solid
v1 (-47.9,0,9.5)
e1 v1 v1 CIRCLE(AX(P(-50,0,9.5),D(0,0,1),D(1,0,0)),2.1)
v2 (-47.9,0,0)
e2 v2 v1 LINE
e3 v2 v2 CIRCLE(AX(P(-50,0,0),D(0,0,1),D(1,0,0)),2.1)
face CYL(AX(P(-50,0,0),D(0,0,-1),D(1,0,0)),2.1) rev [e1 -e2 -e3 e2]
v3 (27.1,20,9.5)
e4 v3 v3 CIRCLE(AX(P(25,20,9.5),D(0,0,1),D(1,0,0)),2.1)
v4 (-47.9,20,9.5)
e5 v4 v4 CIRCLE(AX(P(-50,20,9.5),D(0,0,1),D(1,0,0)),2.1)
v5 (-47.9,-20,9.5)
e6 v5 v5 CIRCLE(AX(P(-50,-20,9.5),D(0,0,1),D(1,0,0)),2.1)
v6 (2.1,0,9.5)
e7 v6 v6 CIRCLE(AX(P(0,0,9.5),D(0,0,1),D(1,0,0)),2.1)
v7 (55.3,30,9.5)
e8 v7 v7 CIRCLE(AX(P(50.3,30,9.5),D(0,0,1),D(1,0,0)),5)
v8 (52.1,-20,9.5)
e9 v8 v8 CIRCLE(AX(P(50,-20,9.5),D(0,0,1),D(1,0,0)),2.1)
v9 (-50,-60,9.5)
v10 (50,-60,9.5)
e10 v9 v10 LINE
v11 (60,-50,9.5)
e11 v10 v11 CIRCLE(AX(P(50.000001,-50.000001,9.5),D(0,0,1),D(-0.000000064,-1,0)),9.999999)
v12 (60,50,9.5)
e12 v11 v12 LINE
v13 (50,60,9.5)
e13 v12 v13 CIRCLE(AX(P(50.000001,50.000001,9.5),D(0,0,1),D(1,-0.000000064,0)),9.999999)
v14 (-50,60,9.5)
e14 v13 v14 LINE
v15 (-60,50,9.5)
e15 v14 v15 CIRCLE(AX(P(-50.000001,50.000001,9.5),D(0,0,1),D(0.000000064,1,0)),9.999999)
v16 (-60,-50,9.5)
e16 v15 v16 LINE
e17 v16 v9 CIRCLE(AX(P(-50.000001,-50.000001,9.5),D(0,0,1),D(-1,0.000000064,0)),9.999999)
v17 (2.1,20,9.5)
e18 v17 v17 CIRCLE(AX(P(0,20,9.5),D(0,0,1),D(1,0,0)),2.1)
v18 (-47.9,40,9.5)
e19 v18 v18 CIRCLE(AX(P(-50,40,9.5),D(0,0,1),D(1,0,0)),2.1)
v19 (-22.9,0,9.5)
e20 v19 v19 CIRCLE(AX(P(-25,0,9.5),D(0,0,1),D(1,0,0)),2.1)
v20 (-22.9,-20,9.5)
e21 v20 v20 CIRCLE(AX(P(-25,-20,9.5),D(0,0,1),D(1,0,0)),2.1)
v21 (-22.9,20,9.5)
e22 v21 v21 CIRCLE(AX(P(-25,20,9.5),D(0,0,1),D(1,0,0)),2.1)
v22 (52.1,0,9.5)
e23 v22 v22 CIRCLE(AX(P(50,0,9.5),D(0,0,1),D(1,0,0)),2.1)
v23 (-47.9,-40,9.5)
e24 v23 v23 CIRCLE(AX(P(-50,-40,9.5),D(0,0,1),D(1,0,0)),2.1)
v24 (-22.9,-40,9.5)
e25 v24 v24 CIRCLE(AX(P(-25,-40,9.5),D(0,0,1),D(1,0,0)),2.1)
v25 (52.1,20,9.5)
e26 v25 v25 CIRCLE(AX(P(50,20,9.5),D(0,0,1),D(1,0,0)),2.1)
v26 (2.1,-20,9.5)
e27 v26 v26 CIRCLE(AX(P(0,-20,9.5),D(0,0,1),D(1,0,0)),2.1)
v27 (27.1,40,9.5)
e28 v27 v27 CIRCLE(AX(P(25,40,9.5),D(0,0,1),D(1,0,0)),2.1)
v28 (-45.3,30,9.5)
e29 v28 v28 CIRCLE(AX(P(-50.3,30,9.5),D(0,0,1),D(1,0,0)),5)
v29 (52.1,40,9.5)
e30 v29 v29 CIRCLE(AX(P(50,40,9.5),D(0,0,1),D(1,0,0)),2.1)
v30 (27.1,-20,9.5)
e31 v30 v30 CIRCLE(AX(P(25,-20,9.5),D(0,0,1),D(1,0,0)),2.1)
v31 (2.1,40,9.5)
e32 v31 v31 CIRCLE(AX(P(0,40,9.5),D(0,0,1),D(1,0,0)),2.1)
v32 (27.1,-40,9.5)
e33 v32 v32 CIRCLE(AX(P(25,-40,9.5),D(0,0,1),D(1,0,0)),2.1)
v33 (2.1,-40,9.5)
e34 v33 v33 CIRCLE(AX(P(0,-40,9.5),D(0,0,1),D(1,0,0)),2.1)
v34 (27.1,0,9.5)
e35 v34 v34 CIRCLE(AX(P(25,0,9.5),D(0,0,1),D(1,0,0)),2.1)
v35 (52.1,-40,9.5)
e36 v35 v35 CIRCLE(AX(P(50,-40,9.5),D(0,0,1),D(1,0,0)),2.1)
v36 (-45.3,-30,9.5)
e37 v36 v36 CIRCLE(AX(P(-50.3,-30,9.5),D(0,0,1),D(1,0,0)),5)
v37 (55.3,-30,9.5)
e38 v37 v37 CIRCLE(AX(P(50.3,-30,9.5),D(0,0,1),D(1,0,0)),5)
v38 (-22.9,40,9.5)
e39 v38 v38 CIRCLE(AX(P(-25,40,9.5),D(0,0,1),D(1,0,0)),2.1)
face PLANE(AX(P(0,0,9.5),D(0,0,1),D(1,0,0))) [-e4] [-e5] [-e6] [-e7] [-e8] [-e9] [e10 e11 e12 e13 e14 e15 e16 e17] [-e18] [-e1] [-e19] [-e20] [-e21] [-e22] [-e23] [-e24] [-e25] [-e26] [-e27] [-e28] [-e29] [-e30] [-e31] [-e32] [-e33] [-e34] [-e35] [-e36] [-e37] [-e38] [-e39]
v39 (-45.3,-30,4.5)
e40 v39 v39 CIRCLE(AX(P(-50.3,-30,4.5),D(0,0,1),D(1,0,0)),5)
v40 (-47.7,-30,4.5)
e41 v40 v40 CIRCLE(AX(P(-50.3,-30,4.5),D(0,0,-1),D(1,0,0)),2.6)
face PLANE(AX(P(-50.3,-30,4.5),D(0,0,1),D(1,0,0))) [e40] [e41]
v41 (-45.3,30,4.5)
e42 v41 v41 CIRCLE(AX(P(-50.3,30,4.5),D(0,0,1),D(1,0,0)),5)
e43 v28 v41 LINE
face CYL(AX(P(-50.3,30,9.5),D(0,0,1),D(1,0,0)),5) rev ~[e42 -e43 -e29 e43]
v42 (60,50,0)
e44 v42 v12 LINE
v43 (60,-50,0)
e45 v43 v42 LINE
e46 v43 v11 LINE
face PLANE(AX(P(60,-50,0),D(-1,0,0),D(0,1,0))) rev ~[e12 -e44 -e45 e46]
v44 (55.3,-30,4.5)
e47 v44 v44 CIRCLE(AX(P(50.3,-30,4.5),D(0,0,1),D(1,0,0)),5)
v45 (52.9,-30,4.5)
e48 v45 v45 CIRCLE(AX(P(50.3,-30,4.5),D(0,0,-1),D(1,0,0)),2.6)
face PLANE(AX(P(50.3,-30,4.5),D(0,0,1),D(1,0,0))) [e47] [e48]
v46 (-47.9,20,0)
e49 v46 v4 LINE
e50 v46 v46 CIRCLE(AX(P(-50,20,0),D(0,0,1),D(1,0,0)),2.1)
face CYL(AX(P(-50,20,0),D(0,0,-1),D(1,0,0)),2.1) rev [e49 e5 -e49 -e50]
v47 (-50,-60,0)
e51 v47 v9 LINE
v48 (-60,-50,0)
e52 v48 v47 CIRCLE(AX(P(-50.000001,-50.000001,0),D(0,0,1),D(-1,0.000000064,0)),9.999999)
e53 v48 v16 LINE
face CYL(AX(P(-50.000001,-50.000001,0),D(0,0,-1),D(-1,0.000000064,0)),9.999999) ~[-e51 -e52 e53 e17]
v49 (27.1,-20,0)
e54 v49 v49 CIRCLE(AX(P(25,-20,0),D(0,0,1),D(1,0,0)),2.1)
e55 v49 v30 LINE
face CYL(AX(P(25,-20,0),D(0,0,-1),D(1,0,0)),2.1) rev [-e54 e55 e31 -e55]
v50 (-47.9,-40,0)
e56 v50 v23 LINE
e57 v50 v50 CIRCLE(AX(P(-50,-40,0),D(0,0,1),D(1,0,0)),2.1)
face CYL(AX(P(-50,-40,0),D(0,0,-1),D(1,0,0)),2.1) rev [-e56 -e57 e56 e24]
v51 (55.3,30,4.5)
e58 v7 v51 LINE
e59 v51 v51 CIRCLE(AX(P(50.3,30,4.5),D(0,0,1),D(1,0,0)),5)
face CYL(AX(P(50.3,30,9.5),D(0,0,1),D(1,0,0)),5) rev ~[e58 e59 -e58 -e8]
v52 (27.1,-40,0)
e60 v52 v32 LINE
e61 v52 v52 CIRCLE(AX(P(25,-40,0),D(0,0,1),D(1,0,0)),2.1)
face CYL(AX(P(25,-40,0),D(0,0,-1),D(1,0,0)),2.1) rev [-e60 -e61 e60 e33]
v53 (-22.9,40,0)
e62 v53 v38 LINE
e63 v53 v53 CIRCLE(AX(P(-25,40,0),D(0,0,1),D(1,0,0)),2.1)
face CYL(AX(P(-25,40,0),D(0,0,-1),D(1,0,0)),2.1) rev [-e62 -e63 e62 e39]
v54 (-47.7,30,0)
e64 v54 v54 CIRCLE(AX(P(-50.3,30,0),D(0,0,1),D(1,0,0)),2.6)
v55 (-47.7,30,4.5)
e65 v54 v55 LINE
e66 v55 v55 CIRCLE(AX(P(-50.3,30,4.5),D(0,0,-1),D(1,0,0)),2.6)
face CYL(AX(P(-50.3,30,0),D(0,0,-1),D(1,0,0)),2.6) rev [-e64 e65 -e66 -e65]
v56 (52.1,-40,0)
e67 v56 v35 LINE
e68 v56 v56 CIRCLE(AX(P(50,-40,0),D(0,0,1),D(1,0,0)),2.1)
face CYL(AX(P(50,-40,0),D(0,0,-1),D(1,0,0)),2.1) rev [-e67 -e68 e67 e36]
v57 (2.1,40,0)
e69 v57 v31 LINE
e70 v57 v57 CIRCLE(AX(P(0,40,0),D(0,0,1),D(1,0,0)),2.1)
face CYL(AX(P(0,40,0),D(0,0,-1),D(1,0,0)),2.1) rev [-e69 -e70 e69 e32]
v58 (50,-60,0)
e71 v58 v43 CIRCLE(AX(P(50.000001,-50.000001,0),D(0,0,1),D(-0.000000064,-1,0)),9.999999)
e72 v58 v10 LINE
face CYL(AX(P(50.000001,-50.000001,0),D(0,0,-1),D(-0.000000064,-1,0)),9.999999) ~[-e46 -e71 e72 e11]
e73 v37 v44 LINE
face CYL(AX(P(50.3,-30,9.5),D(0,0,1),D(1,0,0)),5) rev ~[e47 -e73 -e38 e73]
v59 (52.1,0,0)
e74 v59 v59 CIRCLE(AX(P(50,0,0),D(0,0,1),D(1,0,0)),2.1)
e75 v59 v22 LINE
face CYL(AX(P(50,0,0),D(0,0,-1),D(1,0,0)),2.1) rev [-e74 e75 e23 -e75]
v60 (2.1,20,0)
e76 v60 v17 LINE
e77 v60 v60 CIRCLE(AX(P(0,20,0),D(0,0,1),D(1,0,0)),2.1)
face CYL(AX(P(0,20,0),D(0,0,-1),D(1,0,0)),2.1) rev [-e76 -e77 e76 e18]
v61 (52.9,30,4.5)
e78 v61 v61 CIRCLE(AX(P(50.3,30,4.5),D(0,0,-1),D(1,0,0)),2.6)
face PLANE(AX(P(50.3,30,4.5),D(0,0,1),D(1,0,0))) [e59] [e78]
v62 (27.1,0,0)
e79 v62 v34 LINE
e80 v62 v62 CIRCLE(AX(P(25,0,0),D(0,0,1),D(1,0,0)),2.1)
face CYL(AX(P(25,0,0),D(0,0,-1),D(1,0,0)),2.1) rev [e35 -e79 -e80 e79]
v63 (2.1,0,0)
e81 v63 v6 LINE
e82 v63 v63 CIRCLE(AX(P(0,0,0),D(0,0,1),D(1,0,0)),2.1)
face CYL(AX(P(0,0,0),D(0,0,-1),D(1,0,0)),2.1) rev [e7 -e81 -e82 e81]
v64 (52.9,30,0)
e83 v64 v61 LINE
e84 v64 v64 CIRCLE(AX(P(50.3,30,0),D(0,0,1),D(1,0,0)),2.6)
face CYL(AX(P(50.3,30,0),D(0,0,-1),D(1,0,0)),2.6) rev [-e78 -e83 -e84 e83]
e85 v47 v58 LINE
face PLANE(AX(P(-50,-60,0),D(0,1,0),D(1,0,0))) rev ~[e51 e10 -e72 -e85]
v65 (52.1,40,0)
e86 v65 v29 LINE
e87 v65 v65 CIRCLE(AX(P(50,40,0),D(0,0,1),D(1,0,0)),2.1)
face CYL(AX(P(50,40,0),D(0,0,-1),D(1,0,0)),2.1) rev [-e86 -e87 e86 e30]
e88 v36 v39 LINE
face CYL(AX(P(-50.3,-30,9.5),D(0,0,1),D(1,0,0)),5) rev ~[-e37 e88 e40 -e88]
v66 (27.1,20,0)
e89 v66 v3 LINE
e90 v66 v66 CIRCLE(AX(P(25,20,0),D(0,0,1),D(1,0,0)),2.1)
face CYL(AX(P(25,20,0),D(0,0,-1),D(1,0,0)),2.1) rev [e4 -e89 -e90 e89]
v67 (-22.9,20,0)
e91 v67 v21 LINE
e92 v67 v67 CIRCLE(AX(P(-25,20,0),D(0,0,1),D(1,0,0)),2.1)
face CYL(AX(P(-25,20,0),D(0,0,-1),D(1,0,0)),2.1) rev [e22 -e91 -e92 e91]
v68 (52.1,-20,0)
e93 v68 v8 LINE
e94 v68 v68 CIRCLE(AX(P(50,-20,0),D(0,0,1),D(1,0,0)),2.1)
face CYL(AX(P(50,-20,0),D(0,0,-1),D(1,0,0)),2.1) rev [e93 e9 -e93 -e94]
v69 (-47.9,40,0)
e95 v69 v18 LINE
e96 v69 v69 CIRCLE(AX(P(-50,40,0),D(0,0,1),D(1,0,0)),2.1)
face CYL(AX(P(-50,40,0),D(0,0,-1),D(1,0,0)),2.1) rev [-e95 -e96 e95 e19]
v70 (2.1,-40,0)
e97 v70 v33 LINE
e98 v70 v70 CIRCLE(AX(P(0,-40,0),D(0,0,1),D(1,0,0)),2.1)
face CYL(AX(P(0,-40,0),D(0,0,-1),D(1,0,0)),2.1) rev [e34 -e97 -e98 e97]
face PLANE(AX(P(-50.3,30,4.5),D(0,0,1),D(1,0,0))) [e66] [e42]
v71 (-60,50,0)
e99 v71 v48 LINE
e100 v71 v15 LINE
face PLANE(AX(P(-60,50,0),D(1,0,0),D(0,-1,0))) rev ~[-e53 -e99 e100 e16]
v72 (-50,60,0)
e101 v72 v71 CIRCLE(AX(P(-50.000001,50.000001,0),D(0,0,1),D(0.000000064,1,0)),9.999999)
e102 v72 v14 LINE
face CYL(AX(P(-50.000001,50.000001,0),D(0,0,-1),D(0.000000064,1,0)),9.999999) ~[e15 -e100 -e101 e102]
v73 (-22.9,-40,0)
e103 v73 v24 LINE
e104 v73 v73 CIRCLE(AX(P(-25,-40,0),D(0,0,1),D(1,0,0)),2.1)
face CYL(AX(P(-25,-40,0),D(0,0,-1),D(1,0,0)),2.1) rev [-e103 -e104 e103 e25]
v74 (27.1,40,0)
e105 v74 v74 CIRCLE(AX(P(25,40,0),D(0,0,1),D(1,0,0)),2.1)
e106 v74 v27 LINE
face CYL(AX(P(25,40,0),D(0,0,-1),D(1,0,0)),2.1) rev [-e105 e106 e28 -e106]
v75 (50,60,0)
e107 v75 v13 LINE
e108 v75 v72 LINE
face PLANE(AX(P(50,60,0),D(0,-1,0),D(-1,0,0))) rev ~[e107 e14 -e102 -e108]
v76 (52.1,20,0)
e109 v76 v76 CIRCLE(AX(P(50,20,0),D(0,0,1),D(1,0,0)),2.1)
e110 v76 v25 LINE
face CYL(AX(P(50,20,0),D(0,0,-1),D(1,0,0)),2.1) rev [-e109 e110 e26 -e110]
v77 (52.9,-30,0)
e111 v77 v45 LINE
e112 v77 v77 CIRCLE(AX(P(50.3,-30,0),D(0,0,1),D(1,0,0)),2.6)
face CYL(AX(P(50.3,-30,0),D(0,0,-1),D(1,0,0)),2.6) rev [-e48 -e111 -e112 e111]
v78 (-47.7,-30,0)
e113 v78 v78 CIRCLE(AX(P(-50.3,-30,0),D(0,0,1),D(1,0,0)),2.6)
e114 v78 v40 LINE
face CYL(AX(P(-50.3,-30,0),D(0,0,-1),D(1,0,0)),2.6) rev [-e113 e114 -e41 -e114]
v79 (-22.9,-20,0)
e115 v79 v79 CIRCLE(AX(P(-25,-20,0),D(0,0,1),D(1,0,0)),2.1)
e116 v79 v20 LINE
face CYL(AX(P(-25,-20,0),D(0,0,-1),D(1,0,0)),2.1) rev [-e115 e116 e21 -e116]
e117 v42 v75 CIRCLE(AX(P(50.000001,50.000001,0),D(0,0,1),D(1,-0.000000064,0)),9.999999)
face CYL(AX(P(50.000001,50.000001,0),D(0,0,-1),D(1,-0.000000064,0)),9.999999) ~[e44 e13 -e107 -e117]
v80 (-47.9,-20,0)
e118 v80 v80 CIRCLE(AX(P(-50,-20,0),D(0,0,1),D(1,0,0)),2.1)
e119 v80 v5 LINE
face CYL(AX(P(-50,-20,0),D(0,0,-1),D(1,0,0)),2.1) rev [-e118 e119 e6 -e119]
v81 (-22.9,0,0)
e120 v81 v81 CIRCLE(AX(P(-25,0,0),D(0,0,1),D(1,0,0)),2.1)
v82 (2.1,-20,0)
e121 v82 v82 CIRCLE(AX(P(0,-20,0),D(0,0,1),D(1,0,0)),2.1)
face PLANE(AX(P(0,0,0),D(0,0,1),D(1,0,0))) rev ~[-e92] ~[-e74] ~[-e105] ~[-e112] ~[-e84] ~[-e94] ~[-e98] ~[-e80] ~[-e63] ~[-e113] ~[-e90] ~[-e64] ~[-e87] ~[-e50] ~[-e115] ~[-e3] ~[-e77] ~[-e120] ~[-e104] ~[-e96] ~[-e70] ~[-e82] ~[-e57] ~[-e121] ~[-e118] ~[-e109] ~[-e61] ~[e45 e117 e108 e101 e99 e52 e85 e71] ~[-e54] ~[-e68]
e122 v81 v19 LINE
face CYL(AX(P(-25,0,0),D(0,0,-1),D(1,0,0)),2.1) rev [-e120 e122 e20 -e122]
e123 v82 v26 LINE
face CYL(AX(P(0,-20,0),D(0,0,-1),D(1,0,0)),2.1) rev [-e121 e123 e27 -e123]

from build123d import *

# Parameters (mm, degrees)
F0_R     = 2.1
F0_R_2   = 2.6
F1_DEPTH = 9.5
F2_R     = 5
F3_DEPTH = 5


with BuildPart() as f1:
    # F0 (on Top) → F1 (new body)
    with BuildSketch(Plane.XY):
        with BuildLine():
            Line((-50, -60), (50, -60))
            ThreePointArc((50, -60), (57.071068, -57.071068), (60, -50))
            Line((60, -50), (60, 50))
            ThreePointArc((60, 50), (57.071068, 57.071068), (50, 60))
            Line((50, 60), (-50, 60))
            ThreePointArc((-50, 60), (-57.071068, 57.071068), (-60, 50))
            Line((-60, 50), (-60, -50))
            ThreePointArc((-60, -50), (-57.071068, -57.071068), (-50, -60))
        make_face()
        with Locations((-50, -40)):
            Circle(F0_R, mode=Mode.SUBTRACT)
        with Locations((-25, -40)):
            Circle(F0_R, mode=Mode.SUBTRACT)
        with Locations((-50.3, -30)):
            Circle(F0_R_2, mode=Mode.SUBTRACT)
        with Locations((-50, -20)):
            Circle(F0_R, mode=Mode.SUBTRACT)
        with Locations((-25, -20)):
            Circle(F0_R, mode=Mode.SUBTRACT)
        with Locations((0, -40)):
            Circle(F0_R, mode=Mode.SUBTRACT)
        with Locations((25, -40)):
            Circle(F0_R, mode=Mode.SUBTRACT)
        with Locations((50, -40)):
            Circle(F0_R, mode=Mode.SUBTRACT)
        with Locations((0, -20)):
            Circle(F0_R, mode=Mode.SUBTRACT)
        with Locations((25, -20)):
            Circle(F0_R, mode=Mode.SUBTRACT)
        with Locations((50.3, -30)):
            Circle(F0_R_2, mode=Mode.SUBTRACT)
        with Locations((50, -20)):
            Circle(F0_R, mode=Mode.SUBTRACT)
        with Locations((-50, 0)):
            Circle(F0_R, mode=Mode.SUBTRACT)
        with Locations((-50, 20)):
            Circle(F0_R, mode=Mode.SUBTRACT)
        with Locations((-25, 0)):
            Circle(F0_R, mode=Mode.SUBTRACT)
        with Locations((-25, 20)):
            Circle(F0_R, mode=Mode.SUBTRACT)
        with Locations((-50.3, 30)):
            Circle(F0_R_2, mode=Mode.SUBTRACT)
        with Locations((-50, 40)):
            Circle(F0_R, mode=Mode.SUBTRACT)
        with Locations((-25, 40)):
            Circle(F0_R, mode=Mode.SUBTRACT)
        Circle(F0_R, mode=Mode.SUBTRACT)
        with Locations((25, 0)):
            Circle(F0_R, mode=Mode.SUBTRACT)
        with Locations((0, 20)):
            Circle(F0_R, mode=Mode.SUBTRACT)
        with Locations((25, 20)):
            Circle(F0_R, mode=Mode.SUBTRACT)
        with Locations((50, 0)):
            Circle(F0_R, mode=Mode.SUBTRACT)
        with Locations((50, 20)):
            Circle(F0_R, mode=Mode.SUBTRACT)
        with Locations((0, 40)):
            Circle(F0_R, mode=Mode.SUBTRACT)
        with Locations((25, 40)):
            Circle(F0_R, mode=Mode.SUBTRACT)
        with Locations((50.3, 30)):
            Circle(F0_R_2, mode=Mode.SUBTRACT)
        with Locations((50, 40)):
            Circle(F0_R, mode=Mode.SUBTRACT)
    extrude(amount=F1_DEPTH)

    # F2 (on face) → F3 (cut)
    with BuildSketch(Plane.XY.offset(9.5)):
        with Locations((-50.3, 30)):
            Circle(F2_R)
        with Locations((-50.3, -30)):
            Circle(F2_R)
        with Locations((50.3, 30)):
            Circle(F2_R)
        with Locations((50.3, -30)):
            Circle(F2_R)
    extrude(amount=-F3_DEPTH, mode=Mode.SUBTRACT)


solid = f1.part
